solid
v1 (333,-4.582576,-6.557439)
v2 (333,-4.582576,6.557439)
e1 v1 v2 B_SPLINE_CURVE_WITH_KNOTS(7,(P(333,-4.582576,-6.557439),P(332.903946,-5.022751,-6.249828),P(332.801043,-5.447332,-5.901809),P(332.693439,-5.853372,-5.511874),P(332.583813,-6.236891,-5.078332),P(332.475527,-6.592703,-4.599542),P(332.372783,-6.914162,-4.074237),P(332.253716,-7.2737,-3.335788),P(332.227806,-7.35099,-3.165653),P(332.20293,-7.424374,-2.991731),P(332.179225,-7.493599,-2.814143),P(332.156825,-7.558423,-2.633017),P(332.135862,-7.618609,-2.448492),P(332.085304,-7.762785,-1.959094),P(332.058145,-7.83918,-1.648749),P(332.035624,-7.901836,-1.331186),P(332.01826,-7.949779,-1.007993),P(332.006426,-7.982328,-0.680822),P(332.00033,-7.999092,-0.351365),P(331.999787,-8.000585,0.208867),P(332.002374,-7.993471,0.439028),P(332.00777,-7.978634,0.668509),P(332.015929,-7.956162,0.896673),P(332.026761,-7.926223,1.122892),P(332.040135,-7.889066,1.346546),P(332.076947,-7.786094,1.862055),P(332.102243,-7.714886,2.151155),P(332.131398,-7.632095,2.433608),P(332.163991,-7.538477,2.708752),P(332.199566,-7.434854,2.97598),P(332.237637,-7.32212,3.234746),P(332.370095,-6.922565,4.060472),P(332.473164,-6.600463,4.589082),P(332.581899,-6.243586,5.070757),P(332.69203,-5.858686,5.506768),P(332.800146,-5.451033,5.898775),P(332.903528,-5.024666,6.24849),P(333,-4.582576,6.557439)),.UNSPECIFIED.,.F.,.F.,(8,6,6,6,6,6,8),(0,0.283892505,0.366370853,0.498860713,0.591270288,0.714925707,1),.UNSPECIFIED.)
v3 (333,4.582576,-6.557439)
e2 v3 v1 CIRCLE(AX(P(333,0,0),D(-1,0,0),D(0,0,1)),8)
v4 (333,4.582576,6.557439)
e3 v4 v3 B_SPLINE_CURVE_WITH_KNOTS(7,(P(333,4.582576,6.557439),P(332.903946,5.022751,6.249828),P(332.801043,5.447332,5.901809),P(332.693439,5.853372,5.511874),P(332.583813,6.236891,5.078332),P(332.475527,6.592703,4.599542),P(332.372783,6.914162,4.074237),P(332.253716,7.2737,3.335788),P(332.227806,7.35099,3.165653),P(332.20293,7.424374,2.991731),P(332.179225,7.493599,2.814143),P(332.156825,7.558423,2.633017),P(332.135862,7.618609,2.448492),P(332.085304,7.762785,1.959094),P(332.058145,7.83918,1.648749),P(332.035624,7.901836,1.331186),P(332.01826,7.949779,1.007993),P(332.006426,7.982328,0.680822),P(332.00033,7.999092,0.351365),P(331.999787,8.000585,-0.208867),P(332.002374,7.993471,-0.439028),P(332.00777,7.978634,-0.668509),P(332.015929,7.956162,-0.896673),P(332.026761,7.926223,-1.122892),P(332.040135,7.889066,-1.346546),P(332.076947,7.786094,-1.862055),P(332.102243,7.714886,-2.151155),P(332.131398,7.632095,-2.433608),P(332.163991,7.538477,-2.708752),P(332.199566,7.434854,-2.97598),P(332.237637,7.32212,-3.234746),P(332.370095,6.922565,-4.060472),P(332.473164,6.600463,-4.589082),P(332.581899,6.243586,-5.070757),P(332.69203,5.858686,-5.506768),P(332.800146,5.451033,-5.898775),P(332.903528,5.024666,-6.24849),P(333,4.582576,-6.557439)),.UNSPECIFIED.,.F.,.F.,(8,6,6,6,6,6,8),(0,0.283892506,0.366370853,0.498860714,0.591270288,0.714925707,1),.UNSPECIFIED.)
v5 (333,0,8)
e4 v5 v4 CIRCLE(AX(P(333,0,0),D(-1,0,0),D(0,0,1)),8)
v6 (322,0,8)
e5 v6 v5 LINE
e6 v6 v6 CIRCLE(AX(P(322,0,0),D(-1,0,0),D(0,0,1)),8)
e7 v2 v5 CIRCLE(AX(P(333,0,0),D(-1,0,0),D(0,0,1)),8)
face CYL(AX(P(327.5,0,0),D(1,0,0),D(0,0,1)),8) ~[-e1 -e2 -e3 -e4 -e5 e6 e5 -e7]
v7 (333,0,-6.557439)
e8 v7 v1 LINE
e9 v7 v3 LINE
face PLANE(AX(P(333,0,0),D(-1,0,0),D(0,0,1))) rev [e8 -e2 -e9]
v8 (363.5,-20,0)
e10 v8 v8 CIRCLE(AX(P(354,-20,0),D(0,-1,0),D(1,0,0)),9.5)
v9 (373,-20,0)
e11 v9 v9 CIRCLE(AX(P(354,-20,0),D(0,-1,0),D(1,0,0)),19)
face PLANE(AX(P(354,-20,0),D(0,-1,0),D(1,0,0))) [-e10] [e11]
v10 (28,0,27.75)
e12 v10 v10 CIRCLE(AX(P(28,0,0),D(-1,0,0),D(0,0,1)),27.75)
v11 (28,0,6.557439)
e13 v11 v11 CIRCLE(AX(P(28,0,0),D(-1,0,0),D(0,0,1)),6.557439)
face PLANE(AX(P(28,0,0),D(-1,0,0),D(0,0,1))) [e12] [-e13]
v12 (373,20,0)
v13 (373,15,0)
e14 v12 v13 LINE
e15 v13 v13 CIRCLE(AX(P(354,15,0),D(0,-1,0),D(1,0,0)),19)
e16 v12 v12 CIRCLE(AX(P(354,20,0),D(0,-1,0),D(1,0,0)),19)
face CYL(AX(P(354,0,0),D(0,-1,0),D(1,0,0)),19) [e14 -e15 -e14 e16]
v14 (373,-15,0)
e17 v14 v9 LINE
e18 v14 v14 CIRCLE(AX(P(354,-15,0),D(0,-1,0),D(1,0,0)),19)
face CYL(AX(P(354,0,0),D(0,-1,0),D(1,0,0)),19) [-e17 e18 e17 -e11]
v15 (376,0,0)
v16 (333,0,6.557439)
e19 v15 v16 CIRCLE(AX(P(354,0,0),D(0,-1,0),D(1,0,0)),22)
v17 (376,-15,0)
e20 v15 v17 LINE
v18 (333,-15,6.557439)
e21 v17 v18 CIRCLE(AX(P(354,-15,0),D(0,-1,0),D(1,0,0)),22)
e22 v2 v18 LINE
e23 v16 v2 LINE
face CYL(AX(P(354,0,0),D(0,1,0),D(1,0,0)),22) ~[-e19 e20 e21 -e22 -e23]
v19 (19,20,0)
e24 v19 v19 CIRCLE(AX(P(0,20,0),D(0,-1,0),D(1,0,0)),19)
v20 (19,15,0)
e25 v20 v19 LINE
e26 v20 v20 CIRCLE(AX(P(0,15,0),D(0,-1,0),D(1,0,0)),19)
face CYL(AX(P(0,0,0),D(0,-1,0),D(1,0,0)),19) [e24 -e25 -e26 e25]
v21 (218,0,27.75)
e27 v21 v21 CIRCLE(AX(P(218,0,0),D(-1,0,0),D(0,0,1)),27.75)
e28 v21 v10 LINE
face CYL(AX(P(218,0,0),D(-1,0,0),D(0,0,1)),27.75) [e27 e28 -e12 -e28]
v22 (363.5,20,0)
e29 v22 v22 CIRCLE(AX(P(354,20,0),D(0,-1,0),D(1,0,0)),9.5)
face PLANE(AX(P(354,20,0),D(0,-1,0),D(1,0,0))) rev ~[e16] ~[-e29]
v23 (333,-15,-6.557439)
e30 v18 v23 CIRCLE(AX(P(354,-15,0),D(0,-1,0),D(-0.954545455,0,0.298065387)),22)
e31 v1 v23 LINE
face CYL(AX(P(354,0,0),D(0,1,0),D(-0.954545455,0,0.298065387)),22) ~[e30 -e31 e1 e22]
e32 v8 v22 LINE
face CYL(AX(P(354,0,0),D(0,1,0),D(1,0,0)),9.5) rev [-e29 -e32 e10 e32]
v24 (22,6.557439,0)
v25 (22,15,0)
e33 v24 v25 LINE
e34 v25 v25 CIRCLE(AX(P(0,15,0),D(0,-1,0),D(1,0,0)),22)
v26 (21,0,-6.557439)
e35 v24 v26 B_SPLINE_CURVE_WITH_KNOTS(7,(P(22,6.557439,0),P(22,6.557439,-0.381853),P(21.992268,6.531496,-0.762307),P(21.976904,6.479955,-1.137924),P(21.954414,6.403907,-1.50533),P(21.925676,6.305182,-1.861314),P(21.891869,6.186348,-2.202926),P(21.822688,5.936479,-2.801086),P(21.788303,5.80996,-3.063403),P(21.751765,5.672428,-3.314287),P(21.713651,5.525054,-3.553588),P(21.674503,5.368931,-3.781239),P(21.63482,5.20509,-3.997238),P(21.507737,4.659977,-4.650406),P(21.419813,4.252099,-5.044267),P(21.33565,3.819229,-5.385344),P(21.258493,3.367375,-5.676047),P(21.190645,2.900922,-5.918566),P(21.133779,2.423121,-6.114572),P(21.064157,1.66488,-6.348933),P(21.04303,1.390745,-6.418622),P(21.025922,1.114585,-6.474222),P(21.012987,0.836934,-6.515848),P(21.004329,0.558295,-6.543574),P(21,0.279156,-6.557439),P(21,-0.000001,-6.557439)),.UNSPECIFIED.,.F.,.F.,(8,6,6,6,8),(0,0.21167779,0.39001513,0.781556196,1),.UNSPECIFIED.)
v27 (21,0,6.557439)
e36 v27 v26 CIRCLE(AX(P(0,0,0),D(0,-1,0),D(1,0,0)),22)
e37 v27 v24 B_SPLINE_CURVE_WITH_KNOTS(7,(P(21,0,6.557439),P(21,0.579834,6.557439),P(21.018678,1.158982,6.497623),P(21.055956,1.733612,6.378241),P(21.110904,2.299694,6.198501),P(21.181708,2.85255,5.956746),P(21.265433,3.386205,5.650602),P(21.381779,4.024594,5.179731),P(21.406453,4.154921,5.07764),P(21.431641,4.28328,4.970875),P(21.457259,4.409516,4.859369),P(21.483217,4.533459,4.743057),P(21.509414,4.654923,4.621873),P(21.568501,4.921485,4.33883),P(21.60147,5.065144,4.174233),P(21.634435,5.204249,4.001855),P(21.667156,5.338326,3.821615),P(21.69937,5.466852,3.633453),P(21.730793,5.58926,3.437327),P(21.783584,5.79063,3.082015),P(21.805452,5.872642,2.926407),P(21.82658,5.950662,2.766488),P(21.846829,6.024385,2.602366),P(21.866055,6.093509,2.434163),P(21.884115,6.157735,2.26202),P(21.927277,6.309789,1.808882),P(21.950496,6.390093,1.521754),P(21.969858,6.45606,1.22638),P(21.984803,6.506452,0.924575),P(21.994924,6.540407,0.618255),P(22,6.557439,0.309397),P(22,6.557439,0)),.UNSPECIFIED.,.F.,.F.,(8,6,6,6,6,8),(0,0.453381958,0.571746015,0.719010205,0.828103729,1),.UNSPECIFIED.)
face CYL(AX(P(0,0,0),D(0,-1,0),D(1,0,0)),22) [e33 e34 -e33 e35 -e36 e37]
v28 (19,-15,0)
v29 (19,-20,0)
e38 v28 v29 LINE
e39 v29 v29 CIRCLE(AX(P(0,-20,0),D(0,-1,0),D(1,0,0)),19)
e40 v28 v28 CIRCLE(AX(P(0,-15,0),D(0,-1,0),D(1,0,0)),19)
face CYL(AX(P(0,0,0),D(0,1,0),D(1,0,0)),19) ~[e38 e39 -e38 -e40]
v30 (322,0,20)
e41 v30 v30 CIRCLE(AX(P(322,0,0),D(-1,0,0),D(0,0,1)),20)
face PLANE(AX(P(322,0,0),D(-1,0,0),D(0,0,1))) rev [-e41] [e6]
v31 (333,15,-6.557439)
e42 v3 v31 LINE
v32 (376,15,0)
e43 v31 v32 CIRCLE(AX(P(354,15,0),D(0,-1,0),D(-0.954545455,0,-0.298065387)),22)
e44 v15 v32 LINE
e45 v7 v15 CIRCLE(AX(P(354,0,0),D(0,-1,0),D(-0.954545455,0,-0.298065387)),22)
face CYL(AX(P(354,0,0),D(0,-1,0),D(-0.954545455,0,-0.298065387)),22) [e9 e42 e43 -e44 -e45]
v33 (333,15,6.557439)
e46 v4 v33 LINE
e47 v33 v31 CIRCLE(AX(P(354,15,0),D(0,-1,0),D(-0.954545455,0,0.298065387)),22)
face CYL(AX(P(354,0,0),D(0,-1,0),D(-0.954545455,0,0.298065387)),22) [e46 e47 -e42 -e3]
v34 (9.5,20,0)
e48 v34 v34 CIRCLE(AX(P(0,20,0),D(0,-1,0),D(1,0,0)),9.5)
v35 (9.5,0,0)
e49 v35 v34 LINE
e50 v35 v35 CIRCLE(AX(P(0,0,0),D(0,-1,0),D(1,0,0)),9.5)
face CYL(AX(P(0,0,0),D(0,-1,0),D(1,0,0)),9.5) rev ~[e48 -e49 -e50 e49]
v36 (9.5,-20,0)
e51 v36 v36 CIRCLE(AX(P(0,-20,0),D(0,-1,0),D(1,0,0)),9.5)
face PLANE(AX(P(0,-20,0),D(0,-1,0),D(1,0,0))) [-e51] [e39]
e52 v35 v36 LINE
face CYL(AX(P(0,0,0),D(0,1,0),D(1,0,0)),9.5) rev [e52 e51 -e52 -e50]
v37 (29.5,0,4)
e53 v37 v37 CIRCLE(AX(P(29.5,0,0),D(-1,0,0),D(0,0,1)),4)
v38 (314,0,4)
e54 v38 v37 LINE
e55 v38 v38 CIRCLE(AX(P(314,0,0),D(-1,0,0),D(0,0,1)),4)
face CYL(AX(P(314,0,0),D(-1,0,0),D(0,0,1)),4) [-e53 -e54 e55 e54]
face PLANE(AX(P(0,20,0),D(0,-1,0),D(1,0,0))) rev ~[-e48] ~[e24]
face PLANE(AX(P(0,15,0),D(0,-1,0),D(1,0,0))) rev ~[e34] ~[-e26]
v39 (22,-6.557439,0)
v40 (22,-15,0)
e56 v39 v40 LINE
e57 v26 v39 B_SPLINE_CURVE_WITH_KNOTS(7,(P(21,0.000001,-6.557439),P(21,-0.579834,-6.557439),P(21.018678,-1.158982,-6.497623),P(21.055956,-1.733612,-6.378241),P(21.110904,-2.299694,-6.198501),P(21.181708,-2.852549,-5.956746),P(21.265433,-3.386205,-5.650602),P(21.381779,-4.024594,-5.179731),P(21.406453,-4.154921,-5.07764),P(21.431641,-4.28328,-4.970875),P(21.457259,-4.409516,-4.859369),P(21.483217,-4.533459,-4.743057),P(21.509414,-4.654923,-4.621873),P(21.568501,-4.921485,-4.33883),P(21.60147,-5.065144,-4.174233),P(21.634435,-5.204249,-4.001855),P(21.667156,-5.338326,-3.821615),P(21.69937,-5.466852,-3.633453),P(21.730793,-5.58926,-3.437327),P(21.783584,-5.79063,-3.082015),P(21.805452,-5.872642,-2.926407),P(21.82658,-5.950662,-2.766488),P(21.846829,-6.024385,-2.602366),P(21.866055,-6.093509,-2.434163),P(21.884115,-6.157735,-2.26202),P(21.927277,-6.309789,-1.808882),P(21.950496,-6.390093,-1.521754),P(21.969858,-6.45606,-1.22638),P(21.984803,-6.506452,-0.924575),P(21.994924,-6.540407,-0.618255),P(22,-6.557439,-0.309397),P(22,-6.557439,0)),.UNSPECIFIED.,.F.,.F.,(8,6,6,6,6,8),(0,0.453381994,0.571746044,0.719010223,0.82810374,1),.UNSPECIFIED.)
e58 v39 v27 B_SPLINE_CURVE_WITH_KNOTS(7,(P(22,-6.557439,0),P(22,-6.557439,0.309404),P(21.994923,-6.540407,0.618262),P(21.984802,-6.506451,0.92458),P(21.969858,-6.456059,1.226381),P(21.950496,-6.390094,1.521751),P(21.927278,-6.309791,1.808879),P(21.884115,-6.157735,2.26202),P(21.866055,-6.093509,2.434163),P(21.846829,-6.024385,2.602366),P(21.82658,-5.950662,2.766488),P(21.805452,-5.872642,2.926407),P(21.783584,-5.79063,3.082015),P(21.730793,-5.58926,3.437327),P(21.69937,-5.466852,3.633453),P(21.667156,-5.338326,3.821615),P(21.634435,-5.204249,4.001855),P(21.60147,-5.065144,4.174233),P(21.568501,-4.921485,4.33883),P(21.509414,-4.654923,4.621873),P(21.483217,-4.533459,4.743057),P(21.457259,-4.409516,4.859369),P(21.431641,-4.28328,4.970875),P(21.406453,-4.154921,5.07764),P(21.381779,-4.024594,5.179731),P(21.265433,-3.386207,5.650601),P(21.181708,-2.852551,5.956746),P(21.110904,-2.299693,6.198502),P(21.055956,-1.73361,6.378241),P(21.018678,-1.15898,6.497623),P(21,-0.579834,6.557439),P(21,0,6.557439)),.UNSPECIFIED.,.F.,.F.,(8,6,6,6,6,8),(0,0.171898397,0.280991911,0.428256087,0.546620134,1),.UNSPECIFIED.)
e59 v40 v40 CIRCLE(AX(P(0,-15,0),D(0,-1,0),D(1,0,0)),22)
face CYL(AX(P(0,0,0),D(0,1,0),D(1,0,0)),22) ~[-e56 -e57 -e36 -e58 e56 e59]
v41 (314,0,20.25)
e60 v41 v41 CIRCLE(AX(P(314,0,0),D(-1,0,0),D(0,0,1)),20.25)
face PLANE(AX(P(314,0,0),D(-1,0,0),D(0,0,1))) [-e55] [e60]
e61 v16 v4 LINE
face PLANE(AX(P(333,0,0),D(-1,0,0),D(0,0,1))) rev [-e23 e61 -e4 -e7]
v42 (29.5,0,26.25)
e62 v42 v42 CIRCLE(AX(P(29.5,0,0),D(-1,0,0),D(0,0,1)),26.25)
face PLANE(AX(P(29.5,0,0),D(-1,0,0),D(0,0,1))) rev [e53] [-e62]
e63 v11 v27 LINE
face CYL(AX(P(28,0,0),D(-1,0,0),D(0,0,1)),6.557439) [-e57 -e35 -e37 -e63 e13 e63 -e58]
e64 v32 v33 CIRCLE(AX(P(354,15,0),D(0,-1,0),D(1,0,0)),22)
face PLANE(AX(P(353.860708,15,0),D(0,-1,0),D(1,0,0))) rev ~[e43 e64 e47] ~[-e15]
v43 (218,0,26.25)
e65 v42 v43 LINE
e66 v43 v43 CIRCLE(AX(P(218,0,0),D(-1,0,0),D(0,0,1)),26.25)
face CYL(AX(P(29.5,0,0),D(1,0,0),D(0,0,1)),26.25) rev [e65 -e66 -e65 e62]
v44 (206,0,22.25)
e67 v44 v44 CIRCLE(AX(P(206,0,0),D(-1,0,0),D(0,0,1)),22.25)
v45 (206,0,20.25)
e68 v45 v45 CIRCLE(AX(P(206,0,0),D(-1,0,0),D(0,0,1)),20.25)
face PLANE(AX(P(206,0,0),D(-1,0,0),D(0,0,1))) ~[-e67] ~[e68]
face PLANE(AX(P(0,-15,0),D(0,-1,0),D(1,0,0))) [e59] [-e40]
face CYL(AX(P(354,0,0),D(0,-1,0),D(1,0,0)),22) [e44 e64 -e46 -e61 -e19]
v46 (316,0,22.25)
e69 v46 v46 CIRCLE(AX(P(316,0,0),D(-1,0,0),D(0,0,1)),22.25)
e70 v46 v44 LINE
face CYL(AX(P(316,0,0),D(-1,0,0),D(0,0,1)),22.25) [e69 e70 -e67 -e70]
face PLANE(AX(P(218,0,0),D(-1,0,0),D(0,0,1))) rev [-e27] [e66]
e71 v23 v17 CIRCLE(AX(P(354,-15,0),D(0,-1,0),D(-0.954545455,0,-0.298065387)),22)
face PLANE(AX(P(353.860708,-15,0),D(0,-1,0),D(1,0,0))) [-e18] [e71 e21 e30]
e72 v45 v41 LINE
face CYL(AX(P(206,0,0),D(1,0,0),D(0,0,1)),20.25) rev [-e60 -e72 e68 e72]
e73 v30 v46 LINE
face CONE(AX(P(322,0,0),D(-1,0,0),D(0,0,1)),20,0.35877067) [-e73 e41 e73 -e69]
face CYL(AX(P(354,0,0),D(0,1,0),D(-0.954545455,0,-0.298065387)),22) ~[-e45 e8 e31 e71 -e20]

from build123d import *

# Parameters (mm, degrees)
F0_W     = 188.5
F0_H     = 4
F0_W_2   = 12
F0_H_2   = 2
F0_W_3   = 11
F0_H_3   = 8
F0_W_4   = 96
F2_R     = 22
F2_R_2   = 19
F3_DEPTH = 15
F4_R     = 19
F4_R_2   = 9.5
F5_DEPTH = 20


with BuildPart() as f1:
    # F0 (on Front) → F1 (revolve)
    with BuildSketch(Plane.XZ):
        Polygon((28, 6.5574385243), (28, 0), (29.5, 0), (29.5, 4), (29.5, 26.25), (218, 26.25), (218, 27.75), (28, 27.75), align=None)
        with BuildLine():
            ThreePointArc((21, 6.5574385243), (21.7485631709, 3.3166247904), (22, 0))
            Line((22, 0), (28, 0))
            Line((28, 0), (28, 6.5574385243))
            Line((28, 6.5574385243), (21, 6.5574385243))
        make_face()
        with Locations((123.75, 2)):
            Rectangle(F0_W, F0_H)
        Polygon((314, 4), (314, 0), (316, 0), (316, 22.25), (218, 22.25), (218, 20.25), (314, 20.25), align=None)
        with Locations((212, 21.25)):
            Rectangle(F0_W_2, F0_H_2)
        Polygon((316, 22.25), (316, 0), (322, 0), (322, 8), (322, 20), align=None)
        with Locations((327.5, 4)):
            Rectangle(F0_W_3, F0_H_3)
        with Locations((266, 2)):
            Rectangle(F0_W_4, F0_H)
    revolve(axis=Axis((171.75, 0, 0), (-1, 0, 0)))

    # F2 (on Front) → F3 (join, symmetric)
    with BuildSketch(Plane.XZ):
        Circle(F2_R)
        Circle(F2_R_2, mode=Mode.SUBTRACT)
        with BuildLine():
            ThreePointArc((376, 0), (357.3166247904, 21.7485631709), (333, 6.5574385243))
            Line((333, 6.5574385243), (333, -6.5574385243))
            ThreePointArc((333, -6.5574385243), (357.3166247904, -21.7485631709), (376, 0))
        make_face()
        with Locations((354, 0)):
            Circle(F2_R_2, mode=Mode.SUBTRACT)
        with BuildLine():
            Line((333, -6.5574385243), (333, 6.5574385243))
            ThreePointArc((333, 6.5574385243), (332, 0), (333, -6.5574385243))
        make_face()
    extrude(amount=F3_DEPTH, both=True)

    # F4 (on Front) → F5 (join, symmetric)
    with BuildSketch(Plane.XZ):
        Circle(F4_R)
        Circle(F4_R_2, mode=Mode.SUBTRACT)
        with Locations((354, 0)):
            Circle(F4_R)
        with Locations((354, 0)):
            Circle(F4_R_2, mode=Mode.SUBTRACT)
    extrude(amount=F5_DEPTH, both=True)


solid = f1.part
